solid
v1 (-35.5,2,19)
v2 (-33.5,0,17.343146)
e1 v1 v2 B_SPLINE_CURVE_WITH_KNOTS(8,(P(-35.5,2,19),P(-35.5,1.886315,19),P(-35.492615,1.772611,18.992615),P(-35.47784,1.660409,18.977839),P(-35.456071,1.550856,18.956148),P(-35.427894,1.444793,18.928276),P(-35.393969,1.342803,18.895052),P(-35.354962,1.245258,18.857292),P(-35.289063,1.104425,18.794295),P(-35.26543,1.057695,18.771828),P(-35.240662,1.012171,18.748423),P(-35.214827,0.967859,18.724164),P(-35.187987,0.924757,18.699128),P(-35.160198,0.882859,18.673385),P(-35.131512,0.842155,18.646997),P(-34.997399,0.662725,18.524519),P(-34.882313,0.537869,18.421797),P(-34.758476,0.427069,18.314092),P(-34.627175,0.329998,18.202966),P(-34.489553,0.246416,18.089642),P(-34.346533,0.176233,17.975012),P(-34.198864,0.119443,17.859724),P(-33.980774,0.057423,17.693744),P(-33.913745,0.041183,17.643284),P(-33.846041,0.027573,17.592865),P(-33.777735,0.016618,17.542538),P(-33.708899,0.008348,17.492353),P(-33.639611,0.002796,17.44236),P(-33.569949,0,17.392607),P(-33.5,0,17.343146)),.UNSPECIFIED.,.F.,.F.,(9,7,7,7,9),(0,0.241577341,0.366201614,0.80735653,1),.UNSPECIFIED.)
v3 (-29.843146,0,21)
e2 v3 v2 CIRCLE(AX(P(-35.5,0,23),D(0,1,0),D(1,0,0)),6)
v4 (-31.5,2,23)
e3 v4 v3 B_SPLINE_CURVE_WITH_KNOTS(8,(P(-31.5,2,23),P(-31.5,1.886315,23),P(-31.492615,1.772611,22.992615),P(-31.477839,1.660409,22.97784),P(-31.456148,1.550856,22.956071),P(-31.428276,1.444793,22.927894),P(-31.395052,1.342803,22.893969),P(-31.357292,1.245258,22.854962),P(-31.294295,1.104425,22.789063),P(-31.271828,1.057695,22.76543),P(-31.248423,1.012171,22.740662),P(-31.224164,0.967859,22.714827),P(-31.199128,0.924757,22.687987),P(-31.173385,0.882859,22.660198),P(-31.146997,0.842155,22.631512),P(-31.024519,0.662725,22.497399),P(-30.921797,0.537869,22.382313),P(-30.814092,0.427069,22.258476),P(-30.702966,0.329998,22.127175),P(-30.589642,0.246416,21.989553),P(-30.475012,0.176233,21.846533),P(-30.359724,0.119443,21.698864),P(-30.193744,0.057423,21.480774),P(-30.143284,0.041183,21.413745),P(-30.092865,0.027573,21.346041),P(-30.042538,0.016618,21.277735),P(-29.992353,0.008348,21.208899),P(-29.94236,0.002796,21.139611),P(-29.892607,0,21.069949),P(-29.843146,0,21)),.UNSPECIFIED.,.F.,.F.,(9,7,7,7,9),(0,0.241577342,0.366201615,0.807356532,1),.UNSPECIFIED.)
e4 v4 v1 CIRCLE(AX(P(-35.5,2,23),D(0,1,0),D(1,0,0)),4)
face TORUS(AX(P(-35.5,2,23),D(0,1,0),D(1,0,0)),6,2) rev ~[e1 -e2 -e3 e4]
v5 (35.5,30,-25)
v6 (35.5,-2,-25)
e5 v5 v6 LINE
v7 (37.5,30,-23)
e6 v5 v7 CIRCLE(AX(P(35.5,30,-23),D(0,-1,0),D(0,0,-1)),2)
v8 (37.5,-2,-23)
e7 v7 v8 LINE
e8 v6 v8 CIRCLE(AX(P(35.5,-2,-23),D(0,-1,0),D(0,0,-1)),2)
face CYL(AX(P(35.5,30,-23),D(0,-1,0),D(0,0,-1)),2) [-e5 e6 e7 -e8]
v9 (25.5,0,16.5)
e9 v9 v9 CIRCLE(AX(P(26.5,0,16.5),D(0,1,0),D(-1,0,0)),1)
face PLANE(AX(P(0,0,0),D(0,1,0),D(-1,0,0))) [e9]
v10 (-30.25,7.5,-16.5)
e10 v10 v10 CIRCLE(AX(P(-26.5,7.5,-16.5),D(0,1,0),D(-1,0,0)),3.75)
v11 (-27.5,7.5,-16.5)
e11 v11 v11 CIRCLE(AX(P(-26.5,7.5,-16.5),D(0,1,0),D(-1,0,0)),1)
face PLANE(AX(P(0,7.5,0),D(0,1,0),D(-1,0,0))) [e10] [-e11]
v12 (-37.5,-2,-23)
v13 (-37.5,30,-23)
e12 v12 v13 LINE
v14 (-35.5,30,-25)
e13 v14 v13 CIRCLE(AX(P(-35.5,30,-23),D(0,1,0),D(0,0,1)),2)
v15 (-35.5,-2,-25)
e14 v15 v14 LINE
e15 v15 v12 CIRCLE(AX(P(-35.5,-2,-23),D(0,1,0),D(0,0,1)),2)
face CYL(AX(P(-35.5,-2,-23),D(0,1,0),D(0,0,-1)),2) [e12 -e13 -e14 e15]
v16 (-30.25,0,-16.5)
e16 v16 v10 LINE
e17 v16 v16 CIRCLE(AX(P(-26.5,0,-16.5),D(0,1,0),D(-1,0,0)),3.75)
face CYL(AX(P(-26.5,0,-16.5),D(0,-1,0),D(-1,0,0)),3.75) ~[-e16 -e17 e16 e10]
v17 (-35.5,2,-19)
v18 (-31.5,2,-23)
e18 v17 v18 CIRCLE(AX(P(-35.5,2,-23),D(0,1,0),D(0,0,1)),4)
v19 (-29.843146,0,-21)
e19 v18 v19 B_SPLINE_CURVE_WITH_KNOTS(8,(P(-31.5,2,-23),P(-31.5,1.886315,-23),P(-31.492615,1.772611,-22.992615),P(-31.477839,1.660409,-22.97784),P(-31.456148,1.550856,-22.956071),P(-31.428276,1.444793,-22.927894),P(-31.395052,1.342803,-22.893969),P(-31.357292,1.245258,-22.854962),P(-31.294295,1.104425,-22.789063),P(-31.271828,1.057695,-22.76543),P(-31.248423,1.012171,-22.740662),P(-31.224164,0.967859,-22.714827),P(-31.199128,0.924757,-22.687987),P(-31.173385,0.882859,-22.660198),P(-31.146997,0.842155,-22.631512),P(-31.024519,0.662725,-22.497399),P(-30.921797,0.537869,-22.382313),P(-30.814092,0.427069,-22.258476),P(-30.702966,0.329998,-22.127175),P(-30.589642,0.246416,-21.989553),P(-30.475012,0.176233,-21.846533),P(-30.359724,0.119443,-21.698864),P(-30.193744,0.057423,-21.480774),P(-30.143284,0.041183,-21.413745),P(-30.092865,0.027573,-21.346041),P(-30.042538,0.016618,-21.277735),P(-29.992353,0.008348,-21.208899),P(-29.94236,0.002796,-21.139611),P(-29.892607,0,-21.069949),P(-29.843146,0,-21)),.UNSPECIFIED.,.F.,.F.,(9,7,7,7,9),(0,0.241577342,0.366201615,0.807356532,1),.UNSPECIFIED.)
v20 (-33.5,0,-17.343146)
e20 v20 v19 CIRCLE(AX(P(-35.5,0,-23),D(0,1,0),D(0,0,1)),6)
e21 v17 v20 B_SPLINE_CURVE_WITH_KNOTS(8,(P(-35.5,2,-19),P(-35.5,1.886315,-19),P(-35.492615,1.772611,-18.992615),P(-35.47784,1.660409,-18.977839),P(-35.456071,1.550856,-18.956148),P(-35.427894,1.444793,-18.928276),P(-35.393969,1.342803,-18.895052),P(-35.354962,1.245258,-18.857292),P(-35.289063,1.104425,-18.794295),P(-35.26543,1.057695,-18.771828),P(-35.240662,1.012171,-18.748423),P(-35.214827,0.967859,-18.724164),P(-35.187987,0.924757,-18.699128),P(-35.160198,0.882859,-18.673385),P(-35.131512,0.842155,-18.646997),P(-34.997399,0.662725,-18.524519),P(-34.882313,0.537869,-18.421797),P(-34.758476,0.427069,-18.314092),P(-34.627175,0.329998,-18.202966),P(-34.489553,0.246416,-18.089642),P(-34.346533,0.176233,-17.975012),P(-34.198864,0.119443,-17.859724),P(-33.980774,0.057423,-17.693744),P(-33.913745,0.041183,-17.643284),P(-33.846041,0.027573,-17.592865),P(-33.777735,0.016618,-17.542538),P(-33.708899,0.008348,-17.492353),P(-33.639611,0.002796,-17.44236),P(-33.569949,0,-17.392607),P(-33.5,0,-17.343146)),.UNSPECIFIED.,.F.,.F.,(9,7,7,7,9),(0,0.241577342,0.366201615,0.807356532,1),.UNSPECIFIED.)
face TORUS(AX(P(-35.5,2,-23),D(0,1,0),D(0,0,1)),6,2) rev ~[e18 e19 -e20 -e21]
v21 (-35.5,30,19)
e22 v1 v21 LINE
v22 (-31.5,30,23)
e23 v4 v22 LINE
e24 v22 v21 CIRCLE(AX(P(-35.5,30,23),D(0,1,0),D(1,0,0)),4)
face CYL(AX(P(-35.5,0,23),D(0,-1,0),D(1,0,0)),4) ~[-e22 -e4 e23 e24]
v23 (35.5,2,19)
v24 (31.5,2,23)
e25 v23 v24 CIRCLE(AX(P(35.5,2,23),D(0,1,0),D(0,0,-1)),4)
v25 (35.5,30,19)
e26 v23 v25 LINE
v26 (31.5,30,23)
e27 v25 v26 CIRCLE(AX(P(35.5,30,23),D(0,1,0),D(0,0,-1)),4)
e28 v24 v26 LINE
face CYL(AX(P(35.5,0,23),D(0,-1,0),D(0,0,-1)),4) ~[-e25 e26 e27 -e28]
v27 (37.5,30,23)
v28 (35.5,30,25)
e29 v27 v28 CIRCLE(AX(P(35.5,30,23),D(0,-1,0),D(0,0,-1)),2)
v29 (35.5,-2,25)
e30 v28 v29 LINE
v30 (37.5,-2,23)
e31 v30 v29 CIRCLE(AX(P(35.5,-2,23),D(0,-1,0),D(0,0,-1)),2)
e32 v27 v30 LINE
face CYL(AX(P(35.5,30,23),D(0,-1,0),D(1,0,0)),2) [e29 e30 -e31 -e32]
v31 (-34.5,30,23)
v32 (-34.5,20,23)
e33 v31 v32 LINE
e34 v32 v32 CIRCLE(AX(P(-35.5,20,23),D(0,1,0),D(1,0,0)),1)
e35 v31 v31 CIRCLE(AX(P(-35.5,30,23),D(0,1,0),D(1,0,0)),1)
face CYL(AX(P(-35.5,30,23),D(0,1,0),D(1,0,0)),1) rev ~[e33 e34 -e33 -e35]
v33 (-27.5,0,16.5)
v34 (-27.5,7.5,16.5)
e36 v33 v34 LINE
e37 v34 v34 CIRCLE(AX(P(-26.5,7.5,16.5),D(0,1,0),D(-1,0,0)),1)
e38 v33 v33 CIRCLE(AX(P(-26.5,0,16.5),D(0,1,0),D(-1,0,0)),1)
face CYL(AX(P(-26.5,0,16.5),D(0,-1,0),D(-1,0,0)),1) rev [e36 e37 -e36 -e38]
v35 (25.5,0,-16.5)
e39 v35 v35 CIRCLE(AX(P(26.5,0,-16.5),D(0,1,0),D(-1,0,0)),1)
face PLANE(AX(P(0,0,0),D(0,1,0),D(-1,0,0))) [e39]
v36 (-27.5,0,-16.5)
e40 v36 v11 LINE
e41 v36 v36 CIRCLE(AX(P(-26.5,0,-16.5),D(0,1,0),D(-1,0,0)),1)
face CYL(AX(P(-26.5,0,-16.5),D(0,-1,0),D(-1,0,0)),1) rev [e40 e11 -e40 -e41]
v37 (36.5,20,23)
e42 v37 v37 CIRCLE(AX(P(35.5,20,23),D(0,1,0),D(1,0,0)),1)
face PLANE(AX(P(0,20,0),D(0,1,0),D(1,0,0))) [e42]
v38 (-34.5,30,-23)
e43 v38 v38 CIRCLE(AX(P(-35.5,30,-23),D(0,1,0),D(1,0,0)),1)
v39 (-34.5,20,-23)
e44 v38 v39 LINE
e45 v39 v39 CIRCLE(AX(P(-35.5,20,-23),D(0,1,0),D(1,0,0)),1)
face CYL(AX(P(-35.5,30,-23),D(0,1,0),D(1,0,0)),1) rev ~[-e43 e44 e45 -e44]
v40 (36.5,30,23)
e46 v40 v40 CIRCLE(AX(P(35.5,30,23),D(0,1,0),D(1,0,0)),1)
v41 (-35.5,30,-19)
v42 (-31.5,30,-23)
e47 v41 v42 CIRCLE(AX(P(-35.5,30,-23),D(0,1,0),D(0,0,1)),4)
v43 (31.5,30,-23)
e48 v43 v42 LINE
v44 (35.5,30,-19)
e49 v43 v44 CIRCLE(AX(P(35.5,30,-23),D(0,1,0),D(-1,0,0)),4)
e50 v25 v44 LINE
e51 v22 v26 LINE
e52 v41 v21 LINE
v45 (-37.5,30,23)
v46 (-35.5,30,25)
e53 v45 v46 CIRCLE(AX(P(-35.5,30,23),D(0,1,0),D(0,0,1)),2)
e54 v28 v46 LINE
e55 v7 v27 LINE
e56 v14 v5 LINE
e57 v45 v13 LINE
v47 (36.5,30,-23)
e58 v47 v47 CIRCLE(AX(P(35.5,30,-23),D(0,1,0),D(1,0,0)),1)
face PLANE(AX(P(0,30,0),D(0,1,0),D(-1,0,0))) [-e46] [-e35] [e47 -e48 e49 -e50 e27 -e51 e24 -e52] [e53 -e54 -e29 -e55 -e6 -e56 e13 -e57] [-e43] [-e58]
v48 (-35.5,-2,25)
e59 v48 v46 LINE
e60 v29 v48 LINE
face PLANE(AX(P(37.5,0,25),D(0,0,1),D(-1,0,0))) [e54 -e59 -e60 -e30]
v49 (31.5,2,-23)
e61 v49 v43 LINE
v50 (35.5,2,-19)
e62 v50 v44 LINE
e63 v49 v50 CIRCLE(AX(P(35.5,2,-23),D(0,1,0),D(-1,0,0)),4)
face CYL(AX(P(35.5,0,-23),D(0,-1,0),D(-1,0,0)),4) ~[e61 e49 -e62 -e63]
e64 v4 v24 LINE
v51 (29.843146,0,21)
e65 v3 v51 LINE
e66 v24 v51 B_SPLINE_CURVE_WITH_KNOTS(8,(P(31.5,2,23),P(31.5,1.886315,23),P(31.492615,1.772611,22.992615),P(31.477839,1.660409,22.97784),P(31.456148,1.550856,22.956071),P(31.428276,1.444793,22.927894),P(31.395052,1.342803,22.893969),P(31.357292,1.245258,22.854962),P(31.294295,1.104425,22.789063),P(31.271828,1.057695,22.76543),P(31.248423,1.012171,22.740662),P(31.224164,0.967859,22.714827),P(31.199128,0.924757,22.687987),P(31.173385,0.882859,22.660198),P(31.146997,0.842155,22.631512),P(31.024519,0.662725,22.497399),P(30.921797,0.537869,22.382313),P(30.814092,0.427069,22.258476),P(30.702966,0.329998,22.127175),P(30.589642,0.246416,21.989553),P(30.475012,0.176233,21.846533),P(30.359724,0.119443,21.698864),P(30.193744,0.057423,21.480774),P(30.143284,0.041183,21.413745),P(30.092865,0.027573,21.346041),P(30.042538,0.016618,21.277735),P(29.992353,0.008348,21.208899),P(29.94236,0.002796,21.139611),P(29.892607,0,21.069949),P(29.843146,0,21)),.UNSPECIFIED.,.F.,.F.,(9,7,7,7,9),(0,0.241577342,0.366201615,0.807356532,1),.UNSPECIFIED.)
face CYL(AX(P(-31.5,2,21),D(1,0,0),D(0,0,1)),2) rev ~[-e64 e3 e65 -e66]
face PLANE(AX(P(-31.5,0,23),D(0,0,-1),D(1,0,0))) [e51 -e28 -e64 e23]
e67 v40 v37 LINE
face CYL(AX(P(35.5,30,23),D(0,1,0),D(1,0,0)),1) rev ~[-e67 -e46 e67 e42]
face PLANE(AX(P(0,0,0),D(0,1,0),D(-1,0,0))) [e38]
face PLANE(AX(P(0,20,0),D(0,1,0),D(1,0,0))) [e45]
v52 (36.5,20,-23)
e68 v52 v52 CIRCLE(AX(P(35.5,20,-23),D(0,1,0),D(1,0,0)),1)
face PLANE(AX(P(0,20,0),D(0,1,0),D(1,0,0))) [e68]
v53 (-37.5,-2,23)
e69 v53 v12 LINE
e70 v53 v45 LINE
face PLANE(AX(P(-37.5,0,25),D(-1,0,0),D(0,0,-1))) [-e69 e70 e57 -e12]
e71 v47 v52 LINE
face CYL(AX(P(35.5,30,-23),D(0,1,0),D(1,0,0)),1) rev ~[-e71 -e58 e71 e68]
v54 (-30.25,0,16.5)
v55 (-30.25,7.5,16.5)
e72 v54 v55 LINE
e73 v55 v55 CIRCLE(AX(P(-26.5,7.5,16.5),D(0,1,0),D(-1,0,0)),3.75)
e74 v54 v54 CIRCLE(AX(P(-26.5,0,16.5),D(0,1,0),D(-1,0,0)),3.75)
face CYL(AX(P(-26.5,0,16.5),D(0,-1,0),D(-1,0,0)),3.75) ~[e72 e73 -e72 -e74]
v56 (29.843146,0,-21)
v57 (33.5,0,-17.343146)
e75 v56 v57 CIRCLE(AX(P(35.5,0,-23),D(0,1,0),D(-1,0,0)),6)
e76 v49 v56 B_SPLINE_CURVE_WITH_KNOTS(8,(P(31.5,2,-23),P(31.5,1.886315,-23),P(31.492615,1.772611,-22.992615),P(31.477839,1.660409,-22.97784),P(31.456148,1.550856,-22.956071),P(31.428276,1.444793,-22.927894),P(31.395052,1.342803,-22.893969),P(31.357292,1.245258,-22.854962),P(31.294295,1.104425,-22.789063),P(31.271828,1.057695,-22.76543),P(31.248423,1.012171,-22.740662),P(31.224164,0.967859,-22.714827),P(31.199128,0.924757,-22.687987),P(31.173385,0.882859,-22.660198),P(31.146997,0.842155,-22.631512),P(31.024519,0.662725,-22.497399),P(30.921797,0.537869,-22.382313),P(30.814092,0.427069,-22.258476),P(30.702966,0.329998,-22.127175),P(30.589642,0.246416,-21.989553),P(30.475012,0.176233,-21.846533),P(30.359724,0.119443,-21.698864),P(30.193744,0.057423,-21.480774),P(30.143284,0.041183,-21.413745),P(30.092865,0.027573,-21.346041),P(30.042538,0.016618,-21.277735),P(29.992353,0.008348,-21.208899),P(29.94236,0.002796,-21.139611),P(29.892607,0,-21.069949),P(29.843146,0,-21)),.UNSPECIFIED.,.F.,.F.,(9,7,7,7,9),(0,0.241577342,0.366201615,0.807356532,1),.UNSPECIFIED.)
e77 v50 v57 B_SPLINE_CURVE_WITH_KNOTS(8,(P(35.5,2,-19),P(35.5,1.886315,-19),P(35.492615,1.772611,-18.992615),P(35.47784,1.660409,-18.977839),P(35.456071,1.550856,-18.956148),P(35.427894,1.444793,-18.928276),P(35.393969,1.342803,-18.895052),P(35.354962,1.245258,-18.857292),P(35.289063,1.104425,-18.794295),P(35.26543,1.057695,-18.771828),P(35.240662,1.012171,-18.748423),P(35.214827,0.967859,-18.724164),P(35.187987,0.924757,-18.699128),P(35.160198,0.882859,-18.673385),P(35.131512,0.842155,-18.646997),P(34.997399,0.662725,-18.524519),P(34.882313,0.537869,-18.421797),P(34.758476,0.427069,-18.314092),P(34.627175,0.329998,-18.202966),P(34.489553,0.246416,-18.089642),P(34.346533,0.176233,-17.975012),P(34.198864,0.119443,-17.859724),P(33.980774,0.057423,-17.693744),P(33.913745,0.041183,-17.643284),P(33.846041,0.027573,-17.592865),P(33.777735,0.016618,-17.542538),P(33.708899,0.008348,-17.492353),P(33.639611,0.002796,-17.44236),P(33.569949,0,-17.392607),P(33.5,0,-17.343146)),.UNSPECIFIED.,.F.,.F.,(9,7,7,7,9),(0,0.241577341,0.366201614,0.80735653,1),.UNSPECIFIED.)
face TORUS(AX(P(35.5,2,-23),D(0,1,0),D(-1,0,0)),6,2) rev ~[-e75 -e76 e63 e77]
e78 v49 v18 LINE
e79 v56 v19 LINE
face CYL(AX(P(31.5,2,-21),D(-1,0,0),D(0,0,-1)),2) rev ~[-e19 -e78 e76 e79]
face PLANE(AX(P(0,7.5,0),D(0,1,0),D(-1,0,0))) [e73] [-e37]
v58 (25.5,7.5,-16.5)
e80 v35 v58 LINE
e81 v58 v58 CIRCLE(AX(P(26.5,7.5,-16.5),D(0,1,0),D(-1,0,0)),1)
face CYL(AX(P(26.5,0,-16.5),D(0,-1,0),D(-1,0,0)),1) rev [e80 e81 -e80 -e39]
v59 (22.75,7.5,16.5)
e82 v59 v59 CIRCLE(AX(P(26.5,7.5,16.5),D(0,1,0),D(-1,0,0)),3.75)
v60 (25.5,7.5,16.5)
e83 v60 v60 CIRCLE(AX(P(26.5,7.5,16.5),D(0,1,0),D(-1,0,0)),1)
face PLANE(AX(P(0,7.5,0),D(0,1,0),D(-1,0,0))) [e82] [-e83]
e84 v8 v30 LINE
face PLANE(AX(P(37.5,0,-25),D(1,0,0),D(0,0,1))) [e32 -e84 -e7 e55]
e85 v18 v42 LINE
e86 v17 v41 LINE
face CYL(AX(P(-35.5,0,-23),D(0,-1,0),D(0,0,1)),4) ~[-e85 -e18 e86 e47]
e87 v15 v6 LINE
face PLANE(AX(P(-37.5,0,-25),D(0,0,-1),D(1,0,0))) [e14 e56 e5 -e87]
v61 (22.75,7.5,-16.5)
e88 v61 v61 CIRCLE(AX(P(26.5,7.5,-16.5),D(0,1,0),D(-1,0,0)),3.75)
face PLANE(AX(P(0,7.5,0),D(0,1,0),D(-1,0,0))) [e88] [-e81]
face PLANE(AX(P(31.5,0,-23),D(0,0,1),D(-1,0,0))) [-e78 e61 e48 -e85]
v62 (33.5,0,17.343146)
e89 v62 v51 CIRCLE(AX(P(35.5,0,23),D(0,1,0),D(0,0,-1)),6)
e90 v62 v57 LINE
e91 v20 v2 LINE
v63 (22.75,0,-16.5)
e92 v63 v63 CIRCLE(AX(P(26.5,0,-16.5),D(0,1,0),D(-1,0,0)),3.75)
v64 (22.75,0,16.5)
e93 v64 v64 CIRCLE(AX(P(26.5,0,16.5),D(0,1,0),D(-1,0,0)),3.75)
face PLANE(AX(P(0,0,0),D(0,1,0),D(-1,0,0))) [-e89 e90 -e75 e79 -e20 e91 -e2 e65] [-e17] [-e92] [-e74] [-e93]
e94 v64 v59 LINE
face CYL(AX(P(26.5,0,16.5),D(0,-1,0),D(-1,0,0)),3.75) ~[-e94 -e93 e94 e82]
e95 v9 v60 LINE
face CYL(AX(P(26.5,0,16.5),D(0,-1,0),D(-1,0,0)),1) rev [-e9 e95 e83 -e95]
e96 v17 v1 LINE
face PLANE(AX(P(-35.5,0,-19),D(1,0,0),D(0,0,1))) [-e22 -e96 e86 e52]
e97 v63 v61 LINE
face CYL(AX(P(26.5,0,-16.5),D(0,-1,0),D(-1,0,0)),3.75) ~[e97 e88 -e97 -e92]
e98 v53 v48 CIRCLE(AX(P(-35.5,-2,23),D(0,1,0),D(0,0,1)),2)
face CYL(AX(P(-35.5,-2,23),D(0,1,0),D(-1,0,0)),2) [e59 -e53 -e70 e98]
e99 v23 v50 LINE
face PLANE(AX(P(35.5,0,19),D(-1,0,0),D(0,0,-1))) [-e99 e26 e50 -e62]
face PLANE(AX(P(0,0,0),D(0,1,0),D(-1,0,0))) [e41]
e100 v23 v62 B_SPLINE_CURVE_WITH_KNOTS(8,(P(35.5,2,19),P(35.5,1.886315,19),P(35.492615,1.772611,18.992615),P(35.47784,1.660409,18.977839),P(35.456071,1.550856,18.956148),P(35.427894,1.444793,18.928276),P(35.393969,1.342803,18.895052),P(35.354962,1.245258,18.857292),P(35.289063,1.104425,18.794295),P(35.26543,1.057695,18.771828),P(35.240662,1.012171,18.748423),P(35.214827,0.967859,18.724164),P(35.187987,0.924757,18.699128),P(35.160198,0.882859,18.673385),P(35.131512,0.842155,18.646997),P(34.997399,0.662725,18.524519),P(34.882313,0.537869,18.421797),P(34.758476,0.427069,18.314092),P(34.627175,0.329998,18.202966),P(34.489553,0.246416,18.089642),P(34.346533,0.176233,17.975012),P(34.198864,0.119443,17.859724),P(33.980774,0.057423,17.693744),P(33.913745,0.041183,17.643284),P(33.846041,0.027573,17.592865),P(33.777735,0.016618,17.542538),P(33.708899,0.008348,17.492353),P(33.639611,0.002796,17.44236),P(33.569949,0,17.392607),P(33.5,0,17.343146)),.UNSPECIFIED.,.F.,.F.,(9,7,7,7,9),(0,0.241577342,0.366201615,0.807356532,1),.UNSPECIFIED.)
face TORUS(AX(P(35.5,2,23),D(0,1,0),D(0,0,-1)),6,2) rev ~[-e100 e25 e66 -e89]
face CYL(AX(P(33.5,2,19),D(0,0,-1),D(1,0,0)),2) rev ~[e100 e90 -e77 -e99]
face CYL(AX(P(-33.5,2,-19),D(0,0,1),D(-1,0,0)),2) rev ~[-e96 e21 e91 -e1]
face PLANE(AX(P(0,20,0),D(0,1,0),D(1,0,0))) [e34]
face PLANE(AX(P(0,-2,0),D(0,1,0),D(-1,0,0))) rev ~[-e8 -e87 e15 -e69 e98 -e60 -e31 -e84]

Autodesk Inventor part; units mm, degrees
ref_plane "YZ Plane" through (0, 0, 0) normal (1, 0, 0) x (0, 1, 0)
ref_plane "XZ Plane" through (0, 0, 0) normal (0, 1, 0) x (-1, 0, 0)
ref_plane "XY Plane" through (0, 0, 0) normal (0, 0, 1) x (1, 0, 0)
sketch "Sketch1" plane through (0, 0, 0) normal (0, 1, 0) x (-1, 0, 0)
  line L0 (26.5, 16.5) -> (-26.5, 16.5) construction
  line L1 (-26.5, 16.5) -> (-26.5, -16.5) construction
  line L2 (-26.5, -16.5) -> (26.5, -16.5) construction
  line L3 (26.5, -16.5) -> (26.5, 16.5) construction
  line L4 (26.5, -16.5) -> (-26.5, 16.5) construction
  circle A0 centre (26.5, 16.5) radius 1
  circle A1 centre (26.5, -16.5) radius 1
  circle A2 centre (-26.5, 16.5) radius 1
  circle A3 centre (-26.5, -16.5) radius 1
  circle A4 centre (26.5, 16.5) radius 3.75
  circle A5 centre (26.5, -16.5) radius 3.75
  circle A6 centre (-26.5, -16.5) radius 3.75
  circle A7 centre (-26.5, 16.5) radius 3.75
  point P0 (0, 0)
  point P1 (0, 0)
  dimension "d0" = 33
  dimension "d1" = 53
  dimension "d2" = 2
  dimension "d3" = 7.5
extrude "Extrusion1" add sketch "Sketch1" along normal blind 7.5
sketch "Sketch2" plane through (0, 0, 0) normal (0, 1, 0) x (-1, 0, 0)
  line L0 (37.5, -25) -> (-37.5, -25)
  line L1 (-37.5, -25) -> (-37.5, 25)
  line L2 (-37.5, 25) -> (37.5, 25)
  line L3 (37.5, 25) -> (37.5, -25)
  line L4 (37.5, 25) -> (-37.5, -25) construction
  line L5 (35.5, -19) -> (35.5, 19)
  line L6 (-35.5, 19) -> (-35.5, -19)
  circle A0 centre (-26.5, -16.5) radius 1 projected
  circle A1 centre (26.5, -16.5) radius 3.75 projected
  circle A2 centre (26.5, 16.5) radius 3.75 projected
  circle A3 centre (-26.5, 16.5) radius 3.75 projected
  arc A4 (35.5, -19) -> (31.5, -23) centre (35.5, -23) ccw
  arc A5 (31.5, 23) -> (35.5, 19) centre (35.5, 23) ccw
  arc A6 (-35.5, 19) -> (-31.5, 23) centre (-35.5, 23) ccw
  arc A7 (-31.5, -23) -> (-35.5, -19) centre (-35.5, -23) ccw
  line L7 (-31.5, -23) -> (31.5, -23)
  line L8 (31.5, 23) -> (-31.5, 23)
  point P0 (0, 0)
  point P1 (0, 0)
  dimension "d6" = 75
  dimension "d10" = 50
  dimension "d11" = 2
  dimension "d129" = 4
  dimension "d132" = 2
  dimension "d133" = 2
  dimension "d134" = 2
extrude "Extrusion7" add sketch "Sketch2" against normal blind 2 contours L0 L1 L2 L3 | A4 L7 A7 L6 A6 L8 A5 L5 | A0 | A1 | A2 | A3
extrude "Extrusion8" add sketch "Sketch2" along normal blind 30 contours L0 L1 L2 L3
sketch "Sketch6" plane through (0, 30, 0) normal (0, 1, 0) x (1, 0, 0)
  circle A0 centre (-35.5, 23) radius 1
  line L0 (-32.6716, 23) -> (32.6716, 23) projected
  line L1 (-35.5, -20.1716) -> (-35.5, 20.1716) projected
  circle A1 centre (35.5, 23) radius 1
  circle A2 centre (35.5, -23) radius 1
  circle A3 centre (-35.5, -23) radius 1
  line L2 (35.5, 20.1716) -> (35.5, -20.1716) projected
  line L3 (32.6716, -23) -> (-32.6716, -23) projected
  point P0 (0, 0)
  dimension "d24" = 2
extrude "Extrusion9" cut sketch "Sketch6" against normal blind 10
fillet "Fillet2" radius 2 4 edges at (-37.5, 14, -25) (-37.5, 14, 25) (37.5, 14, 25) (37.5, 14, -25)
fillet "Fillet3" radius 2 8 edges at (32.6716, 0, 20.1716) (35.5, 0, 0) (32.6716, 0, -20.1716) (0, 0, -23) (-32.6716, 0, -20.1716) (-35.5, 0, 0) (-32.6716, 0, 20.1716) (0, 0, 23)
properties part number "Enclosure"
